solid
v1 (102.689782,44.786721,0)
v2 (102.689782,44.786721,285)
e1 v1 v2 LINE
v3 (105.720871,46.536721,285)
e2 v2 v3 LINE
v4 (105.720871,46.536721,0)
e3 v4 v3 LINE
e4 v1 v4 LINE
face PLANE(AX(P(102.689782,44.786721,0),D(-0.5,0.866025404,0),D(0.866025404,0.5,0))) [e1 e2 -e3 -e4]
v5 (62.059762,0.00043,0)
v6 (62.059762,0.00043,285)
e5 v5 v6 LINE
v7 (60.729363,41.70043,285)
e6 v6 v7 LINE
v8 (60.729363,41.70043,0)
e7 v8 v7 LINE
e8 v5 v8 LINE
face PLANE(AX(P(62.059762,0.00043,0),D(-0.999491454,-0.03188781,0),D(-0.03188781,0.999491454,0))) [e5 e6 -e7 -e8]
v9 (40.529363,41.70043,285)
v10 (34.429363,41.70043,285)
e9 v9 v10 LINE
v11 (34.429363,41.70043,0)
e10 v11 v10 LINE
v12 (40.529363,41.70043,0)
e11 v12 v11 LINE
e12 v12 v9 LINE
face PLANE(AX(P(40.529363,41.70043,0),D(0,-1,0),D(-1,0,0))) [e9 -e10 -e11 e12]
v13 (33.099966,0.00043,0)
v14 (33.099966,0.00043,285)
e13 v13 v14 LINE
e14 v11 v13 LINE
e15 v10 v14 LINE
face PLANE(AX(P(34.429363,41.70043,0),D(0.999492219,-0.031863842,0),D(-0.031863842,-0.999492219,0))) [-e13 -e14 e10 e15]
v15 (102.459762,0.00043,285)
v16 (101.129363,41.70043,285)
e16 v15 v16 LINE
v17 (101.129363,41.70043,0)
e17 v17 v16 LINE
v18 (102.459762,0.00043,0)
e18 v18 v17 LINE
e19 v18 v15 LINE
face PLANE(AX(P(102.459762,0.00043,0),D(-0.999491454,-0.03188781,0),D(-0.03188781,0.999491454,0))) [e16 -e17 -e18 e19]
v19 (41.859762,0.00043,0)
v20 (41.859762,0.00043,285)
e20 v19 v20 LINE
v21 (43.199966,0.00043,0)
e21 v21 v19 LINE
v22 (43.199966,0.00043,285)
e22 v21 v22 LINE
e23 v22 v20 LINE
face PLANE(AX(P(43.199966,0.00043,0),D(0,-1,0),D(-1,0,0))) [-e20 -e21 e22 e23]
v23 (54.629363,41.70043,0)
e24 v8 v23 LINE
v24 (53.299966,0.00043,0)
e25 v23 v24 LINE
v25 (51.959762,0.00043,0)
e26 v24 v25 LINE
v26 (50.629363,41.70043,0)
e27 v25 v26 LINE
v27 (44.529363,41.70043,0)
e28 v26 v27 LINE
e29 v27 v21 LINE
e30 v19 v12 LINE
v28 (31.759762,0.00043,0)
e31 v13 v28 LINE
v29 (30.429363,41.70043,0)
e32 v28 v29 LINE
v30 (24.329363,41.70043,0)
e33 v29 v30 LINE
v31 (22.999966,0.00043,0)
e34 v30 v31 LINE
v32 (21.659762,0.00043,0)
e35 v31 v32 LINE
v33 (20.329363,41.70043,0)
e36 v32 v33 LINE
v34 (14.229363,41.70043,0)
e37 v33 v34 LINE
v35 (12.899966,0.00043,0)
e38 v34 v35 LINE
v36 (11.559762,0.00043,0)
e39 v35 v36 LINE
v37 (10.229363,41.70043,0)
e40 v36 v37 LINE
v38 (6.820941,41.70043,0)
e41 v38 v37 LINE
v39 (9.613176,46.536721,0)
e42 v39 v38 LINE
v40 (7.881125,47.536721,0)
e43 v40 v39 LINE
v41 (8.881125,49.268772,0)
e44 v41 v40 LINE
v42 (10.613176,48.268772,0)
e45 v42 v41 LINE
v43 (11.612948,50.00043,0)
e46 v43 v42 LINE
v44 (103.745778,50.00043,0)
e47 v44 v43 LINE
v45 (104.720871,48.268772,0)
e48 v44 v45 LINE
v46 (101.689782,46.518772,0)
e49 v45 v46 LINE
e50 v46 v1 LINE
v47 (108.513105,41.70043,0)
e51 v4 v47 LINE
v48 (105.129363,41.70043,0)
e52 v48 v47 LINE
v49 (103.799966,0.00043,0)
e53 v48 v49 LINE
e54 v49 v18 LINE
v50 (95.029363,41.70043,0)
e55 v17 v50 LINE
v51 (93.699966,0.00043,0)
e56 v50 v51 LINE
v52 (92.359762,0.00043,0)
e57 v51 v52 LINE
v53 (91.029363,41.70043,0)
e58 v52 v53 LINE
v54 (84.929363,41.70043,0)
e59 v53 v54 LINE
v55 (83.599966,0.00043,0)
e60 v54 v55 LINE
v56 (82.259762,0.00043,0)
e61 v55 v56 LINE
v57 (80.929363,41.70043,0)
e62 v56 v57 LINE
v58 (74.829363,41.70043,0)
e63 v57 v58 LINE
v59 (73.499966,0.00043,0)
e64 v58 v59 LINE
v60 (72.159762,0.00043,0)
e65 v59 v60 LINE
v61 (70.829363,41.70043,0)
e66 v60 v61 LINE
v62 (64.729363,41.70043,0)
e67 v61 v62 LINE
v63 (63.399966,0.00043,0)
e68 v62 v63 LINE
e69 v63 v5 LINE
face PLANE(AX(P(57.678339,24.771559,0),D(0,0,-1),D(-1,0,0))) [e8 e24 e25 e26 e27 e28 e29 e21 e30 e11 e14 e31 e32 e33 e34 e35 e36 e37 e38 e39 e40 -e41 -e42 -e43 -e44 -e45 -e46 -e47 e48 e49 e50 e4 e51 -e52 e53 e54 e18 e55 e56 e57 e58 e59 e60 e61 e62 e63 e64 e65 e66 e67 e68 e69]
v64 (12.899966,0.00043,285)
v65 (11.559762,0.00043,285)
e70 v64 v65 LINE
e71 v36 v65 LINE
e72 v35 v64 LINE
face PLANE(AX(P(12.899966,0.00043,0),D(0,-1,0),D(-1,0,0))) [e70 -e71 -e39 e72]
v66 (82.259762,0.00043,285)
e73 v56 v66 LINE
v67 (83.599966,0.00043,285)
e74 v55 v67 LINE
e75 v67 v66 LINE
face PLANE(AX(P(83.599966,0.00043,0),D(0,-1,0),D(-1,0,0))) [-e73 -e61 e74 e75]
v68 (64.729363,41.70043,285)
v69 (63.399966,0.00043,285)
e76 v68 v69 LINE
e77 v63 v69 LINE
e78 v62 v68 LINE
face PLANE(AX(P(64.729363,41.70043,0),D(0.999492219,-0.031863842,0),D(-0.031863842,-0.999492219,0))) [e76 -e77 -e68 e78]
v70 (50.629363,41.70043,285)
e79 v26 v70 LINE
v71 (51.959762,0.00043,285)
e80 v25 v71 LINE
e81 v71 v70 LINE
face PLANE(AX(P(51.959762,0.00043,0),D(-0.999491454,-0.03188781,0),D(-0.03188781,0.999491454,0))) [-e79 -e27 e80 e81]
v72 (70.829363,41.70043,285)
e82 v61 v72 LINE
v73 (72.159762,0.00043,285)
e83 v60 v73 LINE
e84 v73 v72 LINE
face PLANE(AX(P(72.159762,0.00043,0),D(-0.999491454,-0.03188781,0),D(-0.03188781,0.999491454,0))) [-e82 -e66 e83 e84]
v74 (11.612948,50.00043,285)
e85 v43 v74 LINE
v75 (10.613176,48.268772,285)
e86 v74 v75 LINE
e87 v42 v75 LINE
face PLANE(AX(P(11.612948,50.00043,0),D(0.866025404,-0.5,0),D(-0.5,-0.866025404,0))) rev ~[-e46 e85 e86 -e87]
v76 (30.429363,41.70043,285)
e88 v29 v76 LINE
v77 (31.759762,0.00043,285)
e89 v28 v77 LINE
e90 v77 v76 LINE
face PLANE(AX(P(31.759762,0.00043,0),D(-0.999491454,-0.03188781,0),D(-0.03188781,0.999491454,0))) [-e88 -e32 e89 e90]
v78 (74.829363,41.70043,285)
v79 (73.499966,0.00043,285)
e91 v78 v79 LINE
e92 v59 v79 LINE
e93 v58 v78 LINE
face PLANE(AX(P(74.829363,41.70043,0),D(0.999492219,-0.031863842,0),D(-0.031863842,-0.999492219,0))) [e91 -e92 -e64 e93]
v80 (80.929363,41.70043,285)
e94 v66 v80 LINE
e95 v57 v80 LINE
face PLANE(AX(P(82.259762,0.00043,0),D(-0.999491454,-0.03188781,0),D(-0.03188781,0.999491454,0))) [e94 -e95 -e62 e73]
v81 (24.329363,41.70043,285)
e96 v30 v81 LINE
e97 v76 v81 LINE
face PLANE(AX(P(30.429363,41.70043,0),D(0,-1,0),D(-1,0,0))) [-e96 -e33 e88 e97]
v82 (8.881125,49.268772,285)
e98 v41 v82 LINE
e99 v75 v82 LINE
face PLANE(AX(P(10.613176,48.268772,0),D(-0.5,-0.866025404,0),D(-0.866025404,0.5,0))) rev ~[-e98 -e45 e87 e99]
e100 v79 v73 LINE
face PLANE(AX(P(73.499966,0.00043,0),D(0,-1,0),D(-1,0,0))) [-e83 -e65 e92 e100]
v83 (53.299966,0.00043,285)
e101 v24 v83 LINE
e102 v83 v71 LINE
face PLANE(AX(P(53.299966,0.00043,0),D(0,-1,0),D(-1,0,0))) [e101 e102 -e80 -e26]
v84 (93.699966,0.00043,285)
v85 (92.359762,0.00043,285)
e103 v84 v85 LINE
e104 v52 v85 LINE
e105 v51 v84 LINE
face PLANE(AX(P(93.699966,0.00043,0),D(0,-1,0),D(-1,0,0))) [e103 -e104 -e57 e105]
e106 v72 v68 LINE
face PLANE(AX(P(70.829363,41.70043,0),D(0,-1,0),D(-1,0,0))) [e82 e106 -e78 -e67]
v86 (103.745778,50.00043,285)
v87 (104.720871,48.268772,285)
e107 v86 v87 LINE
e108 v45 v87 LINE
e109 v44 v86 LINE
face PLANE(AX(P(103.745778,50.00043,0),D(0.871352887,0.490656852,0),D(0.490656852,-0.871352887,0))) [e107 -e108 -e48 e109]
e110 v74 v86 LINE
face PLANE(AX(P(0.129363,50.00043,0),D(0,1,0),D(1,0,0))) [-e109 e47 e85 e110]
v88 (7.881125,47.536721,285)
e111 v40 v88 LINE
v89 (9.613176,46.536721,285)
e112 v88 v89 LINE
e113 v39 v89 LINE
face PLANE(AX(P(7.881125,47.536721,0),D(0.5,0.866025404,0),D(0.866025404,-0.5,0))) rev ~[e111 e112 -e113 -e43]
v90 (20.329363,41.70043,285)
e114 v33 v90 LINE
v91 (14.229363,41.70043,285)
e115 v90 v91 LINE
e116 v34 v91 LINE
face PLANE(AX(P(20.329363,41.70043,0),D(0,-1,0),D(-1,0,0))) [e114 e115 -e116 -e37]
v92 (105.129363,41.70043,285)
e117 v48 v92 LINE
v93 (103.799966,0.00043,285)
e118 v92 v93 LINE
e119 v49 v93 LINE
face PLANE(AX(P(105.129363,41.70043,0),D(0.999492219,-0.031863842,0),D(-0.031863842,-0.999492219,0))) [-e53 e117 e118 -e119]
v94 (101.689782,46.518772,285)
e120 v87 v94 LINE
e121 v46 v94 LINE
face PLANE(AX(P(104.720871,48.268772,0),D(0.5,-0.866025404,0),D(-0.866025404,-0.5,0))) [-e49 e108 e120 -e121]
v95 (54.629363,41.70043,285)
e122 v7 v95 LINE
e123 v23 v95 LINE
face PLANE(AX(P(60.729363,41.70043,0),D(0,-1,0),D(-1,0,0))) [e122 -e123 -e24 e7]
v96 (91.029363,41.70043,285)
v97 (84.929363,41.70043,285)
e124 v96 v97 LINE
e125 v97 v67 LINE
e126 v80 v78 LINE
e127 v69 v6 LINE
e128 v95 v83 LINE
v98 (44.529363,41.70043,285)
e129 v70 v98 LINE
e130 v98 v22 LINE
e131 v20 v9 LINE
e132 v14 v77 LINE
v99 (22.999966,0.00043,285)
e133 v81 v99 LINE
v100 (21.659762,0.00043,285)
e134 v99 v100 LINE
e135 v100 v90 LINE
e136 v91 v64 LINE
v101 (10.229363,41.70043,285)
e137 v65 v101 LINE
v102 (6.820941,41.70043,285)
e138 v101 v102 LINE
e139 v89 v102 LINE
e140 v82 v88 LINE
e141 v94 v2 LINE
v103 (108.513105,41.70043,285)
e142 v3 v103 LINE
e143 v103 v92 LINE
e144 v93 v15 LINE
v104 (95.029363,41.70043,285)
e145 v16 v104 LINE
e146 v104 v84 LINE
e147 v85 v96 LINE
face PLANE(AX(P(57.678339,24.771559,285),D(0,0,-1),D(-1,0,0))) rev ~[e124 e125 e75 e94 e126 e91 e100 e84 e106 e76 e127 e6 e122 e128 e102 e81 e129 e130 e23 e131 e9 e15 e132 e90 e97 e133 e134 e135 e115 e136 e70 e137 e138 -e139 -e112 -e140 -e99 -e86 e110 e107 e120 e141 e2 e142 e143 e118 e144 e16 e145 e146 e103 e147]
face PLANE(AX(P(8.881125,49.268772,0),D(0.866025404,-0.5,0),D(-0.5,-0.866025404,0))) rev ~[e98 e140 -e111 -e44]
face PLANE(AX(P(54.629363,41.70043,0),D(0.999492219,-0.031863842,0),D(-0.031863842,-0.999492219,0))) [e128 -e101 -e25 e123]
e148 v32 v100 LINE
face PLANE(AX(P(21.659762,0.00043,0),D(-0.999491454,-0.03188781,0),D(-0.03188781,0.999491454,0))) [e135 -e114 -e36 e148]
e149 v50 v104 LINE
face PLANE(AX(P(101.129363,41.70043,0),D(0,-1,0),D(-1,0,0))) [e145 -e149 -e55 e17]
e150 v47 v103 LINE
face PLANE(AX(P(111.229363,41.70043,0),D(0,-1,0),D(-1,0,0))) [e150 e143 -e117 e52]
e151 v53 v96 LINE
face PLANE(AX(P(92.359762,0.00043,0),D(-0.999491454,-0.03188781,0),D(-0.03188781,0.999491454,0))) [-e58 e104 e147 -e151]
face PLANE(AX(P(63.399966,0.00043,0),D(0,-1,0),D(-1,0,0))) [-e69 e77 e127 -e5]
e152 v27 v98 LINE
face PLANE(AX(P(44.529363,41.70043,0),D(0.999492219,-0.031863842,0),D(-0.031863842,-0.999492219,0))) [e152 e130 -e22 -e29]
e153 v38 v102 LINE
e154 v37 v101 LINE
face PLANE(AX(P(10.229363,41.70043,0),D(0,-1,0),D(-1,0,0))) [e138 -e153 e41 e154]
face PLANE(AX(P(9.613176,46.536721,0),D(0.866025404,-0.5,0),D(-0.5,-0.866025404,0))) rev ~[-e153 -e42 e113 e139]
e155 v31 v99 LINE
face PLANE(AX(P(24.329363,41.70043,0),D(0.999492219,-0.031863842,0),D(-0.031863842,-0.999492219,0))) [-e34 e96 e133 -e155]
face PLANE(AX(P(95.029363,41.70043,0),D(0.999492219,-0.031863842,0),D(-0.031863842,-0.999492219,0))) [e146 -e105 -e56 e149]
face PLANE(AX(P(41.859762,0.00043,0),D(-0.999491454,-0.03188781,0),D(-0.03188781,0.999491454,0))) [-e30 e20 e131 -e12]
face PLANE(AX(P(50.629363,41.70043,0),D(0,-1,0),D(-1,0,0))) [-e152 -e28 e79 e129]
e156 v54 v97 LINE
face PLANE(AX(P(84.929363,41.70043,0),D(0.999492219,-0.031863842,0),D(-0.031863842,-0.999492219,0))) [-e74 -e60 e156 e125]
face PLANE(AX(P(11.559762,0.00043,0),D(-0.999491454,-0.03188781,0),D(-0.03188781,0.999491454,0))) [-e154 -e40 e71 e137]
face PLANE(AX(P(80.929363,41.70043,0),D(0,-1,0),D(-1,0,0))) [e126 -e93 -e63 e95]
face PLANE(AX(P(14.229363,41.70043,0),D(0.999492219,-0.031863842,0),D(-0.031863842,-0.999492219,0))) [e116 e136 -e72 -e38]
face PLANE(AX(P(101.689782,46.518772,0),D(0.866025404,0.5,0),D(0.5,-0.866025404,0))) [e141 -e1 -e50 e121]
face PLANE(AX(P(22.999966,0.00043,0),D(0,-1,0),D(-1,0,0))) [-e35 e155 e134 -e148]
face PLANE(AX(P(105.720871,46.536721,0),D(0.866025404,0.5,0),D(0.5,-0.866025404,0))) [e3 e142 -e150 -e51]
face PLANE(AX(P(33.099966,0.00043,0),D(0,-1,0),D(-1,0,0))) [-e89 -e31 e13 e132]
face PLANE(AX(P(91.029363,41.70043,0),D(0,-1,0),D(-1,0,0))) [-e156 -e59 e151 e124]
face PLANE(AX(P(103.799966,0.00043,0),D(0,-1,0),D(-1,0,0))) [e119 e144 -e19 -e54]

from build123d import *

# Parameters (mm, degrees)
RESSALTO_EXTRUS_O1_DEPTH   = 285
CORTE_EXTRUS_O1_DEPTH      = 1
CORTE_EXTRUS_O1_DEPTH_BACK = 286


with BuildPart() as part:
    # Esboço1 → Ressalto-extrusão1 (new body)
    with BuildSketch(Plane.XY):
        Polygon((0.129363371, 0.000429576), (0.129363371, 50.000429576), (115.229363371, 50.000429576), (115.229363371, 0.000429576), (112.558897843, 0.0275034), (111.229363371, 41.700429576), (105.129363371, 41.700429576), (103.799966135, 0.000429576), (102.459761608, 0.000429576), (101.129363371, 41.700429576), (95.029363371, 41.700429576), (93.699966135, 0.000429576), (92.359761608, 0.000429576), (91.029363371, 41.700429576), (84.929363371, 41.700429576), (83.599966135, 0.000429576), (82.259761608, 0.000429576), (80.929363371, 41.700429576), (74.829363371, 41.700429576), (73.499966135, 0.000429576), (72.159761608, 0.000429576), (70.829363371, 41.700429576), (64.729363371, 41.700429576), (63.399966135, 0.000429576), (62.059761608, 0.000429576), (60.729363371, 41.700429576), (54.629363371, 41.700429576), (53.299966135, 0.000429576), (51.959761608, 0.000429576), (50.629363371, 41.700429576), (44.529363371, 41.700429576), (43.199966135, 0.000429576), (41.859761608, 0.000429576), (40.529363371, 41.700429576), (34.429363371, 41.700429576), (33.099966135, 0.000429576), (31.759761608, 0.000429576), (30.429363371, 41.700429576), (24.329363371, 41.700429576), (22.999966135, 0.000429576), (21.659761608, 0.000429576), (20.329363371, 41.700429576), (14.229363371, 41.700429576), (12.899966135, 0.000429576), (11.559761608, 0.000429576), (10.229363371, 41.700429576), (4.129363371, 41.700429576), (2.799966135, 0.000429576), align=None)
    extrude(amount=RESSALTO_EXTRUS_O1_DEPTH)

    # Esboço2 → Corte-extrusão1 (cut, two sides)
    with BuildSketch(Plane(origin=(0, 0, 0), x_dir=(-1, 0, 0), z_dir=(0, 0, -1))) as corte_extrus_o1_sk:
        Polygon((-104.72087071, 48.268772175), (-101.689781797, 46.518772175), (-102.689781797, 44.786721368), (-105.72087071, 46.536721368), (-108.513105078, 41.700429576), (-108.513105078, 0.000429576), (-115.229363371, 0.000429576), (-115.229363371, 50.000429576), (-103.74577832, 50.000429576), align=None)
        Polygon((-10.613175555, 48.268772175), (-8.881124748, 49.268772175), (-7.881124748, 47.536721368), (-9.613175555, 46.536721368), (-6.820941187, 41.700429576), (-6.820941187, 0), (0, 0), (-0.129363371, 50.000429576), (-11.612948422, 50.000429576), align=None)
    extrude(amount=CORTE_EXTRUS_O1_DEPTH, mode=Mode.SUBTRACT)
    extrude(corte_extrus_o1_sk.sketch, amount=-CORTE_EXTRUS_O1_DEPTH_BACK, mode=Mode.SUBTRACT)


solid = part.part
